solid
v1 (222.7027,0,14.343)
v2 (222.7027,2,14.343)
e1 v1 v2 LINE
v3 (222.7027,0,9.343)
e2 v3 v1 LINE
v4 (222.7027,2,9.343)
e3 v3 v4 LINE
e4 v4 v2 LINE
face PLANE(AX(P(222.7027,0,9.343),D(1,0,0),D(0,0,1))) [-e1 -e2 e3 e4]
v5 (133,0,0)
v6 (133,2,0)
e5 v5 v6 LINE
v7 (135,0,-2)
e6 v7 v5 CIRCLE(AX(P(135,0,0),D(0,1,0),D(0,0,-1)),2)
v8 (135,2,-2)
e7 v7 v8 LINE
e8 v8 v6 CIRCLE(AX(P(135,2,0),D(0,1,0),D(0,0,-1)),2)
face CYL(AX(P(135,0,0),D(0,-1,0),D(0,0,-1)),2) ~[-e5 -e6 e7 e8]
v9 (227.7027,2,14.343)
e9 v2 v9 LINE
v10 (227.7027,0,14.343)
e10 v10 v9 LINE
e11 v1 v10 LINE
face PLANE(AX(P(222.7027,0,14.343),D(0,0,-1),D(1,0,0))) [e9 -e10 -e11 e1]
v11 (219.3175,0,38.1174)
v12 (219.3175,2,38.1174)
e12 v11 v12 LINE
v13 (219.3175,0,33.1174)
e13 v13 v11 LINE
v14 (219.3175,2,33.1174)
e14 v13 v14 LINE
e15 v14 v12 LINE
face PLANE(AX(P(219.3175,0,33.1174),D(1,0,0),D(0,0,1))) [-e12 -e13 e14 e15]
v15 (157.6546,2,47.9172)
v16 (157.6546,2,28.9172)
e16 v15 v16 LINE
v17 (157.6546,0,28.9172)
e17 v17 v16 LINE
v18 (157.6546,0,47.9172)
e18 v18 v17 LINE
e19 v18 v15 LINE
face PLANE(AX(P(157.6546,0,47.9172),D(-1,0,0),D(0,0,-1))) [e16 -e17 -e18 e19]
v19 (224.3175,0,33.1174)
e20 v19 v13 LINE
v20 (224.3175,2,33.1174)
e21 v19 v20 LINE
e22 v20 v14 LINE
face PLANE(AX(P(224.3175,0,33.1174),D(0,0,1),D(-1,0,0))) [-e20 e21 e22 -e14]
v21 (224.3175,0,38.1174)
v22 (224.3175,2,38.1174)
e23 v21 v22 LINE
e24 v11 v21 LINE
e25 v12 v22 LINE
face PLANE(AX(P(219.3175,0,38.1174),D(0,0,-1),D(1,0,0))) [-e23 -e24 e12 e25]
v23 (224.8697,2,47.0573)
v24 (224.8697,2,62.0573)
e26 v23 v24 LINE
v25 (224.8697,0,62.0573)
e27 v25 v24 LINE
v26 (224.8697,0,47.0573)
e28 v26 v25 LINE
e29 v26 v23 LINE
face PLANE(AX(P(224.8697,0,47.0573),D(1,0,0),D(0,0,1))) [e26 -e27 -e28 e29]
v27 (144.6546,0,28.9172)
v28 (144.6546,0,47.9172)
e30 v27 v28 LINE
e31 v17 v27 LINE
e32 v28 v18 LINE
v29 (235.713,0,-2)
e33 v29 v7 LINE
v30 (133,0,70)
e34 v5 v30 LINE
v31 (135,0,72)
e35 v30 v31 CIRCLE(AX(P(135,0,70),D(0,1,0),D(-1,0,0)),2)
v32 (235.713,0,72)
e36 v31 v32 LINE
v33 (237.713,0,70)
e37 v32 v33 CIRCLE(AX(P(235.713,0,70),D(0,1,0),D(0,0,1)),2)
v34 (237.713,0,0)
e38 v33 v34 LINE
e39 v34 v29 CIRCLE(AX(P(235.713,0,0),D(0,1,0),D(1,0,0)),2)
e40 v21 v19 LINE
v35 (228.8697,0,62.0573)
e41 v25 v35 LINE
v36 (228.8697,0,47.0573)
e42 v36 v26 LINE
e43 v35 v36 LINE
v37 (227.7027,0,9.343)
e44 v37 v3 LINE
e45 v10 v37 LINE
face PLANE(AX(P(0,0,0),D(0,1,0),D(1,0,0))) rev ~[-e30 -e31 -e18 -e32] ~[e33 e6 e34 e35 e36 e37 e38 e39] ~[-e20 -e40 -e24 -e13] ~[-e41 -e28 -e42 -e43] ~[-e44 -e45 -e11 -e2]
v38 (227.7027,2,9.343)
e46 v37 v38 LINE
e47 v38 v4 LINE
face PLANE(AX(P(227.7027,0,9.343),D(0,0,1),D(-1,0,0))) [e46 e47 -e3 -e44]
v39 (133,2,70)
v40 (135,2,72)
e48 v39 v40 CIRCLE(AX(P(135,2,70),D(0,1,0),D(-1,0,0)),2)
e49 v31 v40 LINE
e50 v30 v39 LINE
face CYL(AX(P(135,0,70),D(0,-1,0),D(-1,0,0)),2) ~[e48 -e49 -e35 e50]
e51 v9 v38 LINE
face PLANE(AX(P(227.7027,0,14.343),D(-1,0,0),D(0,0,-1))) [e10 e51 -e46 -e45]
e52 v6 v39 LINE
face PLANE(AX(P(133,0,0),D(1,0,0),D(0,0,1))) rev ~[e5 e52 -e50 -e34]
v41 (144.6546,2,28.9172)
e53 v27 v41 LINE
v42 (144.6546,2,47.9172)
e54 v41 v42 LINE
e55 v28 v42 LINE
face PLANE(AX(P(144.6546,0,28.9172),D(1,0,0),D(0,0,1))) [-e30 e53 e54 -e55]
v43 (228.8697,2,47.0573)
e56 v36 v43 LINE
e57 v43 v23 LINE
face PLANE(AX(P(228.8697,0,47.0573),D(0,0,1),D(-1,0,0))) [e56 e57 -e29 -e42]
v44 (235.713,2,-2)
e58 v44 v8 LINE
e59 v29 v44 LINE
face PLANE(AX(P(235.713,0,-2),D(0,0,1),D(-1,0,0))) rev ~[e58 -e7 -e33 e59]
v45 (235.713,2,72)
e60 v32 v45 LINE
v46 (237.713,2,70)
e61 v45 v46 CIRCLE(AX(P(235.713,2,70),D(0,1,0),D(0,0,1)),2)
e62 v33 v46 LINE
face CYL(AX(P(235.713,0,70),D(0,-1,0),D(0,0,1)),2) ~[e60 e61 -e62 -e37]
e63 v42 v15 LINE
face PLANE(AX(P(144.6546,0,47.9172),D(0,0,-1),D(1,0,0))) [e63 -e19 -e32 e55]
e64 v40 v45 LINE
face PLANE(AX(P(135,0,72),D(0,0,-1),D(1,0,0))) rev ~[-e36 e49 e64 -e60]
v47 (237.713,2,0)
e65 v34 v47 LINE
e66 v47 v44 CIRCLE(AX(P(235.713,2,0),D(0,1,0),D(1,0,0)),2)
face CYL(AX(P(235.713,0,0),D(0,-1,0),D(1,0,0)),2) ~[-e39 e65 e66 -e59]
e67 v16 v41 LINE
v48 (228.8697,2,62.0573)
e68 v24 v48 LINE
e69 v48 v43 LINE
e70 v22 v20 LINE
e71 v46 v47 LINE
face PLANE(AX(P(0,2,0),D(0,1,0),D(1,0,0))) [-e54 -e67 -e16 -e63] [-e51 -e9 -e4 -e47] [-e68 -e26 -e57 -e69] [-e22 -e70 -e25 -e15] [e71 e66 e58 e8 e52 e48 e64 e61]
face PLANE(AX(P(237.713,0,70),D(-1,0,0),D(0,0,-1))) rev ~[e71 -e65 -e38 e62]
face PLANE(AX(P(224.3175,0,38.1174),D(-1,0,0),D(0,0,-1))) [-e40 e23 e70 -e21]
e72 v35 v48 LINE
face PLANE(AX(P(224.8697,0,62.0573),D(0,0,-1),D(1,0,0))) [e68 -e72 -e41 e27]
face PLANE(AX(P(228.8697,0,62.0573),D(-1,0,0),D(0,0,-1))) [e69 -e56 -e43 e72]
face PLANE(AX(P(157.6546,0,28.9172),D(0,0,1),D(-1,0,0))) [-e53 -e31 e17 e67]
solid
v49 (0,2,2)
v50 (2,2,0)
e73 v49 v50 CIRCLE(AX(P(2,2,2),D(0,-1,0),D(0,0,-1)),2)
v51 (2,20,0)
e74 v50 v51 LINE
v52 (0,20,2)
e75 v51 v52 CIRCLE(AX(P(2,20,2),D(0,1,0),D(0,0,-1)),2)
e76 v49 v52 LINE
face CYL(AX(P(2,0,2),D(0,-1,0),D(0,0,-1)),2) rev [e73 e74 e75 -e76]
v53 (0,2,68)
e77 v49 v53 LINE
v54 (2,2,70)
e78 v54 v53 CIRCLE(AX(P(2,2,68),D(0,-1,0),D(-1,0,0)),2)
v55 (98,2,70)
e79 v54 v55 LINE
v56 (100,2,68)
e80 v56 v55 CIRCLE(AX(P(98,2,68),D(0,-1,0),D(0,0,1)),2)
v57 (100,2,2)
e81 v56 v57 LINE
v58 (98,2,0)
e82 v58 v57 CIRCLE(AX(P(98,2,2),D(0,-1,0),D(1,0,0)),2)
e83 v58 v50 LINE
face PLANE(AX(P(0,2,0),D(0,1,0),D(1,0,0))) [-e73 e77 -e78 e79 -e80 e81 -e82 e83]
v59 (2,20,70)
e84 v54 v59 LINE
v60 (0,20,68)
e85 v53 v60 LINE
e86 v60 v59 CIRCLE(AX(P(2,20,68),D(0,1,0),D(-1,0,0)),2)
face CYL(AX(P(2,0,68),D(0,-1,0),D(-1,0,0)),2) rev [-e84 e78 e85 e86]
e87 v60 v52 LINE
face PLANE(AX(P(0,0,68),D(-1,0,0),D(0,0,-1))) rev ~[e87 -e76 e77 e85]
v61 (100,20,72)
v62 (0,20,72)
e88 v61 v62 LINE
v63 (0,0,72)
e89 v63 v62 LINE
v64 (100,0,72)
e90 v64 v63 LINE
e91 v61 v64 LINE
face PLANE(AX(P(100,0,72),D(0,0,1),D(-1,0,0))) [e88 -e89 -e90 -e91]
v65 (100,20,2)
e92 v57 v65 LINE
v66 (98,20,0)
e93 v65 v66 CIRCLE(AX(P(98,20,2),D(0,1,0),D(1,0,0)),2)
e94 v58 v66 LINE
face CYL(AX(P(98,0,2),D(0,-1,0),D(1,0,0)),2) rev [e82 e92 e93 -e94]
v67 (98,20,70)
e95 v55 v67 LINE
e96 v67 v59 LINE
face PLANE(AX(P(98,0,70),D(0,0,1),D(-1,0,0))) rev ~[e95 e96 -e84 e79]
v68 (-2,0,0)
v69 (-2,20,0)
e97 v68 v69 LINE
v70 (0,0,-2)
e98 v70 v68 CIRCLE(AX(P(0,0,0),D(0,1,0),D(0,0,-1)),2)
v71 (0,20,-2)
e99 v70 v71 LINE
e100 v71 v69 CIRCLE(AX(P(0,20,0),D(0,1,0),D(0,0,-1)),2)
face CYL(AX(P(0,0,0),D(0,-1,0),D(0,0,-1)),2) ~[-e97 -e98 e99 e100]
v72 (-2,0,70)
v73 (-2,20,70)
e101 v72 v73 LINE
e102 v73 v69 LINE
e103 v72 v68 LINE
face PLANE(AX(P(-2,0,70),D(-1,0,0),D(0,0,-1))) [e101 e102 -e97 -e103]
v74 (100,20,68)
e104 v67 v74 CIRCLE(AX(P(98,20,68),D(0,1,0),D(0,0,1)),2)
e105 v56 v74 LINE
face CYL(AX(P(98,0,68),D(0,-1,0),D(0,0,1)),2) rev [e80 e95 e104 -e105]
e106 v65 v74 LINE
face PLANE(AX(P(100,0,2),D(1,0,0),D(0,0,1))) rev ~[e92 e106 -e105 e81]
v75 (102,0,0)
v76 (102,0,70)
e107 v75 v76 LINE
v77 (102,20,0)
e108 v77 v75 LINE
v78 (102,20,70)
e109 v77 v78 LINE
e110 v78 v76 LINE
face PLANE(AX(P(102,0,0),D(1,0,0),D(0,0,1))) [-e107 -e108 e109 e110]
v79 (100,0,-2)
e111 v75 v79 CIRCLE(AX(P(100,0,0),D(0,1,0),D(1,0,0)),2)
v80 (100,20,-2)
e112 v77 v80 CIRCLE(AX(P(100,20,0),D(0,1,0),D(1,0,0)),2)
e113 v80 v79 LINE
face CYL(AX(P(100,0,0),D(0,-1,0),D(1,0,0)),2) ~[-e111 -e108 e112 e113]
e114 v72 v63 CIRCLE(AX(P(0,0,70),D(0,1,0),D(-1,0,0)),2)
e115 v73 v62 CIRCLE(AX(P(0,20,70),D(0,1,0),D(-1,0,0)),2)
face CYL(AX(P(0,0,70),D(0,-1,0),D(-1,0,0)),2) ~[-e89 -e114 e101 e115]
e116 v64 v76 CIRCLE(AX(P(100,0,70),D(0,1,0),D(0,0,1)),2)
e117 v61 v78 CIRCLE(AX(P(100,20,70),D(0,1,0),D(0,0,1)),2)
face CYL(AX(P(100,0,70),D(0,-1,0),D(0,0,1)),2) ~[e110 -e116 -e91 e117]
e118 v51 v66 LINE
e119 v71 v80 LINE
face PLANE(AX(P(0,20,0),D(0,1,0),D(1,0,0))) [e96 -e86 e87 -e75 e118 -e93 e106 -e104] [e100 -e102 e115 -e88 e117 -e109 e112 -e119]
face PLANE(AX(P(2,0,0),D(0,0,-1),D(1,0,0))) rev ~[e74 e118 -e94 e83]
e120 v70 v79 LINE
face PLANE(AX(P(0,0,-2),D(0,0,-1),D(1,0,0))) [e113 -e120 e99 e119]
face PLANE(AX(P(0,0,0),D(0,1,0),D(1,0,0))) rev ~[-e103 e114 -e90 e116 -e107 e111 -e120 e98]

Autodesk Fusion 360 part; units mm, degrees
sketch "Sketch1" plane through (0, 0, 0) normal (0, 1, 0) x (1, 0, 0) in component "sketch1"
  line L0 (2, 0) -> (98, 0)
  line L1 (100, -2) -> (100, -68)
  line L2 (98, -70) -> (2, -70)
  line L3 (0, -68) -> (0, -2)
  line L4 (0, 2) -> (100, 2)
  line L5 (102, 0) -> (102, -70)
  line L6 (100, -72) -> (0, -72)
  line L7 (-2, -70) -> (-2, 0)
  arc A0 (-2, -70) -> (0, -72) centre (0, -70) ccw
  arc A1 (0, 2) -> (-2, 0) centre (0, 0) ccw
  arc A2 (102, 0) -> (100, 2) centre (100, 0) ccw
  arc A3 (100, -72) -> (102, -70) centre (100, -70) ccw
  arc A4 (0, -68) -> (2, -70) centre (2, -68) ccw
  arc A5 (2, 0) -> (0, -2) centre (2, -2) ccw
  arc A6 (100, -2) -> (98, 0) centre (98, -2) ccw
  arc A7 (98, -70) -> (100, -68) centre (98, -68) ccw
  point P0 (100, 0)
  point P1 (0, -70)
  dimension "d1" = 100
  dimension "d2" = 70
  dimension "d4" = 2
  dimension "d5" = 2
extrude "Extrude1" add sketch "Sketch1" along normal blind 2 contours L0 L1 L2 L3 A4 A5 A6 A7 makes body 1 in component "sketch1"
extrude "Extrude2" add sketch "Sketch1" along normal blind 2 bodies 1 in component "sketch1"
extrude "Extrude3" add sketch "Sketch1" along normal blind 20 bodies 1 in component "sketch1"
sketch "Sketch2" plane through (0, 0, 0) normal (0, 1, 0) x (1, 0, 0) in component "sketch1"
  line L0 (137, -70) -> (233.713, -70)
  line L1 (235.713, -68) -> (235.713, -2)
  line L2 (233.713, 0) -> (137, 0)
  line L3 (135, -2) -> (135, -68)
  line L4 (235.713, 2) -> (135, 2)
  line L5 (133, 0) -> (133, -70)
  line L6 (135, -72) -> (235.713, -72)
  line L7 (237.713, -70) -> (237.713, 0)
  arc A0 (133, -70) -> (135, -72) centre (135, -70) ccw
  arc A1 (135, 2) -> (133, 0) centre (135, 0) ccw
  arc A2 (237.713, 0) -> (235.713, 2) centre (235.713, 0) ccw
  arc A3 (235.713, -72) -> (237.713, -70) centre (235.713, -70) ccw
  arc A4 (135, -68) -> (137, -70) centre (137, -68) ccw
  arc A5 (137, 0) -> (135, -2) centre (137, -2) ccw
  arc A6 (235.713, -2) -> (233.713, 0) centre (233.713, -2) ccw
  arc A7 (233.713, -70) -> (235.713, -68) centre (233.713, -68) ccw
  line L8 (144.6546, -47.9172) -> (157.6546, -47.9172)
  line L9 (157.6546, -47.9172) -> (157.6546, -28.9172)
  line L10 (157.6546, -28.9172) -> (144.6546, -28.9172)
  line L11 (144.6546, -28.9172) -> (144.6546, -47.9172)
  line L12 (219.3175, -38.1174) -> (224.3175, -38.1174)
  line L13 (224.3175, -38.1174) -> (224.3175, -33.1174)
  line L14 (224.3175, -33.1174) -> (219.3175, -33.1174)
  line L15 (219.3175, -33.1174) -> (219.3175, -38.1174)
  line L16 (222.7027, -14.343) -> (227.7027, -14.343)
  line L17 (227.7027, -14.343) -> (227.7027, -9.343)
  line L18 (227.7027, -9.343) -> (222.7027, -9.343)
  line L19 (222.7027, -9.343) -> (222.7027, -14.343)
  line L20 (224.8697, -62.0573) -> (228.8697, -62.0573)
  line L21 (228.8697, -62.0573) -> (228.8697, -47.0573)
  line L22 (228.8697, -47.0573) -> (224.8697, -47.0573)
  line L23 (224.8697, -47.0573) -> (224.8697, -62.0573)
  point P0 (135, -70)
  point P1 (235.713, -70)
  point P2 (135, 0)
  dimension "d12" = 100.713
  dimension "d13" = 70
  dimension "d15" = 2
  dimension "d16" = 2
  dimension "d21" = 13
  dimension "d22" = 19
  dimension "d23" = 5
  dimension "d24" = 5
  dimension "d25" = 5
  dimension "d26" = 5
  dimension "d33" = 4
  dimension "d34" = 15
extrude "Extrude4" add sketch "Sketch2" along normal blind 2 separate body contours L0 L1 L2 L3 A4 A5 A6 A7 | L8 L9 L10 L11 | L12 L13 L14 L15 | L16 L17 L18 L19 | L20 L21 L22 L23 makes body 2 in component "sketch1"
extrude "Extrude5" add sketch "Sketch2" along normal blind 2 contours L4 L5 L6 L7 A0 A1 A2 A3 bodies 2 in component "sketch1"
extrude "Extrude6" cut sketch "Sketch2" along normal blind 2 contours L8 L9 L10 L11 bodies 2 in component "sketch1"
extrude "Extrude7" cut sketch "Sketch2" along normal blind 2 contours L12 L13 L14 L15 bodies 2 in component "sketch1"
extrude "Extrude8" cut sketch "Sketch2" along normal blind 2 contours L16 L17 L18 L19 bodies 2 in component "sketch1"
extrude "Extrude9" cut sketch "Sketch2" along normal blind 2 contours L20 L21 L22 L23 bodies 2 in component "sketch1"
component "sketch1" placed x (1, 0, 0) y (0, 1, 0) z (0, 0, 1) at (0, 0, 0)
